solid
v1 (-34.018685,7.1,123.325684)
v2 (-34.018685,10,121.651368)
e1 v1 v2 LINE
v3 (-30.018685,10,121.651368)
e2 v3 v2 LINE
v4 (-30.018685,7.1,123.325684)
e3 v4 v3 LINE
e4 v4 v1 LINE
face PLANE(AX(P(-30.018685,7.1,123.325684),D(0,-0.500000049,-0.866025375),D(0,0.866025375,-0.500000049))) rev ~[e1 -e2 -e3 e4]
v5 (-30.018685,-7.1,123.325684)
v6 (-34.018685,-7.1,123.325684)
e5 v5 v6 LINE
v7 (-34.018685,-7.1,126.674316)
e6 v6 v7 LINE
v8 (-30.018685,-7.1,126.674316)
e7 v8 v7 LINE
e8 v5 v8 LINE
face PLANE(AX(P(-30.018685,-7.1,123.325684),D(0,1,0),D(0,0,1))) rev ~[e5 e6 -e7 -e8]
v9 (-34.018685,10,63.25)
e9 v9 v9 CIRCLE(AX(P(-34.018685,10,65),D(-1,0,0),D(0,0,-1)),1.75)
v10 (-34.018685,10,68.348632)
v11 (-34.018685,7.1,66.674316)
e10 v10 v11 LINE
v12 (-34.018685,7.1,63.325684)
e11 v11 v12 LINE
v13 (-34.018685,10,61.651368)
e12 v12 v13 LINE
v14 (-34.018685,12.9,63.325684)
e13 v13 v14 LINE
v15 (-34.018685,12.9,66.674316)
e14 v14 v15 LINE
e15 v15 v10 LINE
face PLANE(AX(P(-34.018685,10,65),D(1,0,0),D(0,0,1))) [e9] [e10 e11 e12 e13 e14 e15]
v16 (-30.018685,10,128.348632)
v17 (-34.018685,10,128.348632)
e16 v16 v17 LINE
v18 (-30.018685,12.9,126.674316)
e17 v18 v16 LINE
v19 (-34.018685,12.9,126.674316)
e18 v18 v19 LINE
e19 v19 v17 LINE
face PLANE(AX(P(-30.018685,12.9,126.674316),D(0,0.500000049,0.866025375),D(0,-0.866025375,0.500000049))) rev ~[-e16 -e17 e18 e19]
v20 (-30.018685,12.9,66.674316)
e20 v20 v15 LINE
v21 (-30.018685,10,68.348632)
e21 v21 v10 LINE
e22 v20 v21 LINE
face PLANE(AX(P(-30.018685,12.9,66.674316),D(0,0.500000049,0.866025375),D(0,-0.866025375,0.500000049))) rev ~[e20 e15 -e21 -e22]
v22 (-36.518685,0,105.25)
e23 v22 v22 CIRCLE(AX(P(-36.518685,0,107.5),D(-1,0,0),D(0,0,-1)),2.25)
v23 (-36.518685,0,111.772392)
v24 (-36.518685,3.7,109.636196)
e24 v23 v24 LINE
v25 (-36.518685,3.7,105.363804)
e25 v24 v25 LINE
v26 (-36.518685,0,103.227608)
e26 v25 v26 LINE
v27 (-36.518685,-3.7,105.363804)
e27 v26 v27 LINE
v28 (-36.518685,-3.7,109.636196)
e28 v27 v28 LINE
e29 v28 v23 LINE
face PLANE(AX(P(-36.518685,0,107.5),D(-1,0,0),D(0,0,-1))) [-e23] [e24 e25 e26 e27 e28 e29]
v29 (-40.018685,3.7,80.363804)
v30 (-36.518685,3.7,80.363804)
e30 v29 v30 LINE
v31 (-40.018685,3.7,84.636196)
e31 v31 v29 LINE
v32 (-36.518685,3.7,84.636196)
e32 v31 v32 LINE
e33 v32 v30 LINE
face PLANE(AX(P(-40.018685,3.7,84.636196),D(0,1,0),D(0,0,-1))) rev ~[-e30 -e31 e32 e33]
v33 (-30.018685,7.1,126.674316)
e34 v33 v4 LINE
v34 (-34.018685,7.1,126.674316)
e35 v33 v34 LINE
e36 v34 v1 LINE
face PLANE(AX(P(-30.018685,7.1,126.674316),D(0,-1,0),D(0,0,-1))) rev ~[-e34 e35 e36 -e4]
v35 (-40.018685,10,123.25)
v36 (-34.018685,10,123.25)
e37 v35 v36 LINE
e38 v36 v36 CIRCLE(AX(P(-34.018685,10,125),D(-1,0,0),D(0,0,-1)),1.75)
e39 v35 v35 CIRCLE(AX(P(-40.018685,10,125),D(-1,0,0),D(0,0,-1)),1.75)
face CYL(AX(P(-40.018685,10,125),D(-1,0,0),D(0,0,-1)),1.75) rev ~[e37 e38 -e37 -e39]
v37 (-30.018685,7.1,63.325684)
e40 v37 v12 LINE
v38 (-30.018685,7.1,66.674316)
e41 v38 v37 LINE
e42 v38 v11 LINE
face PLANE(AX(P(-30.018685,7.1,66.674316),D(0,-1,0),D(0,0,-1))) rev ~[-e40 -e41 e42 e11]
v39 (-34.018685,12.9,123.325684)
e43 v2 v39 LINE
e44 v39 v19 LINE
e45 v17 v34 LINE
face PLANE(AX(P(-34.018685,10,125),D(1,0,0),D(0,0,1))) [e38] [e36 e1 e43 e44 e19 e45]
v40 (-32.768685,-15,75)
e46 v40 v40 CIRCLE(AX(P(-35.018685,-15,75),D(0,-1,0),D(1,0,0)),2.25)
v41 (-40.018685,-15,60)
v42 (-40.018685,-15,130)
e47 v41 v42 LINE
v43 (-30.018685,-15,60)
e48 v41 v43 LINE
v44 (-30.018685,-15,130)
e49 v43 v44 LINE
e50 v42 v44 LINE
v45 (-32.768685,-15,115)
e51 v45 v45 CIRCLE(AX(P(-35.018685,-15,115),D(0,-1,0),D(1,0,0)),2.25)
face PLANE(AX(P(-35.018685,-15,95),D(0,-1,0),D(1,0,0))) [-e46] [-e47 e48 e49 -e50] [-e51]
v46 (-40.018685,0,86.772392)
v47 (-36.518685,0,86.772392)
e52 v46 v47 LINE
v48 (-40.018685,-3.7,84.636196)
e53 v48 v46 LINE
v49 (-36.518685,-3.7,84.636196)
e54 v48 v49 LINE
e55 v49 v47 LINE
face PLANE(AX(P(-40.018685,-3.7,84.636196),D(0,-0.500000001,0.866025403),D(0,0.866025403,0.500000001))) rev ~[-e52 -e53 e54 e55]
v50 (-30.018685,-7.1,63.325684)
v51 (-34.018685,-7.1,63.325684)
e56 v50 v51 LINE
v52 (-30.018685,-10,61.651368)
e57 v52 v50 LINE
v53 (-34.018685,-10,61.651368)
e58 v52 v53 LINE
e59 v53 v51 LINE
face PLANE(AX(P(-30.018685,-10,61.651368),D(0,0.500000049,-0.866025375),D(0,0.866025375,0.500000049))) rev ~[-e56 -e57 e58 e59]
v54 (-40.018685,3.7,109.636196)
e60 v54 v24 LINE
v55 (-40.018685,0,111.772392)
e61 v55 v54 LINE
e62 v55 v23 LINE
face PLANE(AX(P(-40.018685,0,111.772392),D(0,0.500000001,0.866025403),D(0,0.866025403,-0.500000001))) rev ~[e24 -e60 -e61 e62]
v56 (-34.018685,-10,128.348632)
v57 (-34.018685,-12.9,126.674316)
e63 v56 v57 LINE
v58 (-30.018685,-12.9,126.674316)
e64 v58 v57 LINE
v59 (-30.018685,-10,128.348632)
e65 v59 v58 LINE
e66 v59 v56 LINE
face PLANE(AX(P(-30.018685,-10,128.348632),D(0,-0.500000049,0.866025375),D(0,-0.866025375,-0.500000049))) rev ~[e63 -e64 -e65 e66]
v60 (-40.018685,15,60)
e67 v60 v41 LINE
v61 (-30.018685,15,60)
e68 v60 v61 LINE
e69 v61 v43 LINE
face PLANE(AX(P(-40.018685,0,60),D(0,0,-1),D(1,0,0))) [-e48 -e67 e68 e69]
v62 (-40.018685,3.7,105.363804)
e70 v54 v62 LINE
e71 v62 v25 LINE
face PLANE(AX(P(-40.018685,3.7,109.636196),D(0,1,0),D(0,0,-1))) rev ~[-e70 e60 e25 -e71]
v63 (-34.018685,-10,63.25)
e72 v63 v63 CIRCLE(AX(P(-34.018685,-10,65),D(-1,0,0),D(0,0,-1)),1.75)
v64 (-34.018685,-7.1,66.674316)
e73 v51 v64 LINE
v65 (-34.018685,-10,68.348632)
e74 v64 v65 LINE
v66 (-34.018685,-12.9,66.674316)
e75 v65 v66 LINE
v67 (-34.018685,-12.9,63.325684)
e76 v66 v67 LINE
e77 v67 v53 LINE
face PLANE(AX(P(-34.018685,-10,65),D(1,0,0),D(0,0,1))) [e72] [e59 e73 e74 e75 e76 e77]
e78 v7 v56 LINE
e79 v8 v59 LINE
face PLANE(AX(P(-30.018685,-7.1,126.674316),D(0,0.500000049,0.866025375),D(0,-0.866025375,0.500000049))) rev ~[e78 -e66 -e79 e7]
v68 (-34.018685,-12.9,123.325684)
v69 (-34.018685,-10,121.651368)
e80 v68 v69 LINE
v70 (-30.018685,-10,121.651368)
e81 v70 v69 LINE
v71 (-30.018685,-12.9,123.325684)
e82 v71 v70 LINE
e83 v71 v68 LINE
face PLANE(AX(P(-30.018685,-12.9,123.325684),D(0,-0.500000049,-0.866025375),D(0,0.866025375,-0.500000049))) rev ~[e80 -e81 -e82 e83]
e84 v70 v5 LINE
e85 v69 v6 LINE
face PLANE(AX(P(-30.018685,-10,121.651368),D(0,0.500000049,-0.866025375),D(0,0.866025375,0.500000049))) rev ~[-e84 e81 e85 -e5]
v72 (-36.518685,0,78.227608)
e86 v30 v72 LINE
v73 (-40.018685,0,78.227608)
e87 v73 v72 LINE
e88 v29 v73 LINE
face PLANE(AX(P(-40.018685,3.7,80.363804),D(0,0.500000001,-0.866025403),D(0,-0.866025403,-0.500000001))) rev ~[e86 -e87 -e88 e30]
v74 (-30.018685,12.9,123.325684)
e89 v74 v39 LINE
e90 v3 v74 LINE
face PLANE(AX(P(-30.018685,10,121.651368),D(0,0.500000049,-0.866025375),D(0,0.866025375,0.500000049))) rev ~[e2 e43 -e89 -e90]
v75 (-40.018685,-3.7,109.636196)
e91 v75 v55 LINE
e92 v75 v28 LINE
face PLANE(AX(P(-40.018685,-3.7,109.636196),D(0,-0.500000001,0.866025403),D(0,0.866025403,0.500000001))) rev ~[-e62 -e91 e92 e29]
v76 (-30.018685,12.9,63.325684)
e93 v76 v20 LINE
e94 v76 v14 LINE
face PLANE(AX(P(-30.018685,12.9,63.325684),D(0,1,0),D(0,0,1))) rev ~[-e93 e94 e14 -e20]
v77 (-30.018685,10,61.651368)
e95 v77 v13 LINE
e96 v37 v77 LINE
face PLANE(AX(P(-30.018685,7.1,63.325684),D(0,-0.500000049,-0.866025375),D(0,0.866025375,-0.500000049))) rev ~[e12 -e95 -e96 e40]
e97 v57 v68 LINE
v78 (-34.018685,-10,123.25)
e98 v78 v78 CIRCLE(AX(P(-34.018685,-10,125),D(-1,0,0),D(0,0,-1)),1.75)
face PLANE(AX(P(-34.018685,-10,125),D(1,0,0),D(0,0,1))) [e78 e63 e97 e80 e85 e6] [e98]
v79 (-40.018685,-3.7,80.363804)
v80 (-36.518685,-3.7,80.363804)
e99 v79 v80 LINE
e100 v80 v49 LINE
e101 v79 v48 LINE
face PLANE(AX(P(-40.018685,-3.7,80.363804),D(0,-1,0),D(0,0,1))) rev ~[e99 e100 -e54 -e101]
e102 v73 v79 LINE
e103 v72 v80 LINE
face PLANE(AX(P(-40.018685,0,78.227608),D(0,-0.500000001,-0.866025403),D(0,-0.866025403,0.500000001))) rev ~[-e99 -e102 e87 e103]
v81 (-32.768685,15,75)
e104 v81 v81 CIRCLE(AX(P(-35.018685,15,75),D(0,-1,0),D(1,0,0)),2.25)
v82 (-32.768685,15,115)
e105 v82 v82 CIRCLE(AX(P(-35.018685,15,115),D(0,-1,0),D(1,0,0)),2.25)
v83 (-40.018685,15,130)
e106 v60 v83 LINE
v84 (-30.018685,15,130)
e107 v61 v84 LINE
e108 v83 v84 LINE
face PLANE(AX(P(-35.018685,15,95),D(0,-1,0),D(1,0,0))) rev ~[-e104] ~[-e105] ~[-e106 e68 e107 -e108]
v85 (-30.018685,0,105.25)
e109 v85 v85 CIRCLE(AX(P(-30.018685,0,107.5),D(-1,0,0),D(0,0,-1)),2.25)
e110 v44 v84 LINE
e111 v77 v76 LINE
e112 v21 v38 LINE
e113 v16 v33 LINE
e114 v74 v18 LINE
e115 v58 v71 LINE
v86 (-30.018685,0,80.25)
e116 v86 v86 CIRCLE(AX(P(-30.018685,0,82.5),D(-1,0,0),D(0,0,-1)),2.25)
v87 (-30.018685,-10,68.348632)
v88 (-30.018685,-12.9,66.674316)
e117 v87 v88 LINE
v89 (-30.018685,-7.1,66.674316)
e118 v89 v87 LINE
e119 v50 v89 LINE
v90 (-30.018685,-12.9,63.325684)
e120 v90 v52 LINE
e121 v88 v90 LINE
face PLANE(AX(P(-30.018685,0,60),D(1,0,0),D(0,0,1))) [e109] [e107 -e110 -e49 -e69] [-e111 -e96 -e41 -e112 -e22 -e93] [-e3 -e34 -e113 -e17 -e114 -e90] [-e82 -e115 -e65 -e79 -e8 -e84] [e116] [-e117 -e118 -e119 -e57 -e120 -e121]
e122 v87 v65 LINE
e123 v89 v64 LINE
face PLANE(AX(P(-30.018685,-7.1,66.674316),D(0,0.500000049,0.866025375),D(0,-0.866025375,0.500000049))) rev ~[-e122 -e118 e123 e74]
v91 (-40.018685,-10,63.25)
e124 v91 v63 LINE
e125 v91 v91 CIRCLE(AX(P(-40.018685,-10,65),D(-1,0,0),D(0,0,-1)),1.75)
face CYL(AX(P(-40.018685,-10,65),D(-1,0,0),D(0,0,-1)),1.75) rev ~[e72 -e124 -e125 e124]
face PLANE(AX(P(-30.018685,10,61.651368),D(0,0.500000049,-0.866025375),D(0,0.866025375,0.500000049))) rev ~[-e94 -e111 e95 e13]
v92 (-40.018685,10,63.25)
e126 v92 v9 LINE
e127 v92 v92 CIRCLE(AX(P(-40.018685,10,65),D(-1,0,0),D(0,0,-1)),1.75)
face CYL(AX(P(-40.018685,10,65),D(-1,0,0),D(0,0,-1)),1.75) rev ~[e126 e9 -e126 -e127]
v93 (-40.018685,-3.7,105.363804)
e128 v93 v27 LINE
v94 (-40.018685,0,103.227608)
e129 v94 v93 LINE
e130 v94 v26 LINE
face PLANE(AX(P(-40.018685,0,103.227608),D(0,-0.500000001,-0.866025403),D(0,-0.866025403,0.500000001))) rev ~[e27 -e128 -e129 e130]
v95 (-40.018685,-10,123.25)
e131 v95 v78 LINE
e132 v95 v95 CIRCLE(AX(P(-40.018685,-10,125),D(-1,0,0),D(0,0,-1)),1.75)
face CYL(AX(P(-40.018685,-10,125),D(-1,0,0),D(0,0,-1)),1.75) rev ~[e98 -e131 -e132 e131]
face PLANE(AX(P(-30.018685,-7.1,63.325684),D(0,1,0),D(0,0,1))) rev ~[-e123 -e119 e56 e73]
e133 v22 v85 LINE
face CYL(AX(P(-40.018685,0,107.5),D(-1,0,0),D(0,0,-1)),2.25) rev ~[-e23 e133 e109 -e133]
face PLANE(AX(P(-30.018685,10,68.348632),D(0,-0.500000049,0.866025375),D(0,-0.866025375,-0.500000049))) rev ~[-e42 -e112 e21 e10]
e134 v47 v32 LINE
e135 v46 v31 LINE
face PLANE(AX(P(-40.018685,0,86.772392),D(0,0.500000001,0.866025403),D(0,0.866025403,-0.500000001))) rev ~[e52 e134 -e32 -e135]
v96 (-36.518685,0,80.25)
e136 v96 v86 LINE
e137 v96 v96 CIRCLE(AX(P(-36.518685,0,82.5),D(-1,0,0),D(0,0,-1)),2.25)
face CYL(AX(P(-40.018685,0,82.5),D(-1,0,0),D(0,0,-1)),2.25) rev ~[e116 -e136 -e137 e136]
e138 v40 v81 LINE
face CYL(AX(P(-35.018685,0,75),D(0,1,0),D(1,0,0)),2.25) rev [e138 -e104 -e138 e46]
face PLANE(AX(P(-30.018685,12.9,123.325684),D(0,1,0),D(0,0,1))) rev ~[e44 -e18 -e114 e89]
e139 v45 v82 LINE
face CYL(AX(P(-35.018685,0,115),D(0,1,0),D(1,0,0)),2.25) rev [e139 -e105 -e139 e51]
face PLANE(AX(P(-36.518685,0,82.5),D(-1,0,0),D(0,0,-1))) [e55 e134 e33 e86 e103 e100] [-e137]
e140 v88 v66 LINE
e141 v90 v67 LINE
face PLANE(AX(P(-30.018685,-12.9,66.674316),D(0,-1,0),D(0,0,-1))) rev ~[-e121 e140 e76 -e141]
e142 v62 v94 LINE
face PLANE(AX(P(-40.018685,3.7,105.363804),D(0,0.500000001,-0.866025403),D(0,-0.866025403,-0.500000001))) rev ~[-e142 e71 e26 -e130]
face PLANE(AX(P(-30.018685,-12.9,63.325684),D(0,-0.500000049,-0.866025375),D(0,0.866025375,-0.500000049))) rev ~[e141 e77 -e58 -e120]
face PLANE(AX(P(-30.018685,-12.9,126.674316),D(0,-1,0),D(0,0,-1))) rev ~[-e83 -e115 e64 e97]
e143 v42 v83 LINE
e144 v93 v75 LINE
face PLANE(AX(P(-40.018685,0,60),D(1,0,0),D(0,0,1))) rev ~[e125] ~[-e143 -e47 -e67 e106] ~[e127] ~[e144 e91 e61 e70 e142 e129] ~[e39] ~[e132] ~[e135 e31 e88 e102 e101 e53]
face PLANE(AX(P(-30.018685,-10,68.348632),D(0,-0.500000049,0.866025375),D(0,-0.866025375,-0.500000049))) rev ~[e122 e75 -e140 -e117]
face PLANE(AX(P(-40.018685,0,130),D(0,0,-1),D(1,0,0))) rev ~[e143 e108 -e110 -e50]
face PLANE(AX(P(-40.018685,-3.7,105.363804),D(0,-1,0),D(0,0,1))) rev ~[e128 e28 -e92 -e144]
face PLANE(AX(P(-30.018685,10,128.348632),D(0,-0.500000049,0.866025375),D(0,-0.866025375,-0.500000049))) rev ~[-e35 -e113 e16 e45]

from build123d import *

# Parameters (mm, degrees)
SKETCH086_W     = 10
SKETCH086_H     = 70
SKETCH086_R     = 2.25
PAD058_DEPTH    = 15
SKETCH087_R     = 2.25
SKETCH087_R_2   = 1.75
POCKET021_DEPTH = 25
POCKET065_DEPTH = 3.5
POCKET066_DEPTH = 4


with BuildPart() as part:
    # Sketch086 → Pad058 (new body, symmetric)
    with BuildSketch(Plane.XZ):
        with Locations((-0.018685, 5)):
            Rectangle(SKETCH086_W, SKETCH086_H)
        with Locations((-0.018685, 25)):
            Circle(SKETCH086_R, mode=Mode.SUBTRACT)
        with Locations((-0.018685, -15)):
            Circle(SKETCH086_R, mode=Mode.SUBTRACT)
    extrude(amount=PAD058_DEPTH, both=True)

    # Sketch087 (on Face4 of Pad058) → Pocket021 (cut)
    with BuildSketch(Plane(origin=(-5.018685, 0, 0), x_dir=(0, 0, -1), z_dir=(-1, 0, 0))):
        with Locations((-17.5, 0)):
            Circle(SKETCH087_R)
        with Locations((7.5, 0)):
            Circle(SKETCH087_R)
        with Locations((-35, 10)):
            Circle(SKETCH087_R_2)
        with Locations((-35, -10)):
            Circle(SKETCH087_R_2)
        with Locations((25, 10)):
            Circle(SKETCH087_R_2)
        with Locations((25, -10)):
            Circle(SKETCH087_R_2)
    extrude(amount=-POCKET021_DEPTH, mode=Mode.SUBTRACT)

    # Sketch261 (on Face2 of Pocket021) → Pocket065 (cut)
    with BuildSketch(Plane(origin=(-5.018685, 0, 0), x_dir=(0, 0, -1), z_dir=(-1, 0, 0))):
        Polygon((-15.363804, 3.7), (-19.636196, 3.7), (-21.772392, 0), (-19.636196, -3.7), (-15.363804, -3.7), (-13.227608, 0), align=None)
        Polygon((9.636196, 3.7), (5.363804, 3.7), (3.227608, 0), (5.363804, -3.7), (9.636196, -3.7), (11.772392, 0), align=None)
    extrude(amount=-POCKET065_DEPTH, mode=Mode.SUBTRACT)

    # Sketch262 (on Face3 of Pocket065) → Pocket066 (cut)
    with BuildSketch(Plane(origin=(4.981315, 0, 0), x_dir=(0, 0, 1), z_dir=(1, 0, 0))):
        Polygon((36.674316, 12.9), (33.325684, 12.9), (31.651368, 10), (33.325684, 7.1), (36.674316, 7.1), (38.348632, 10), align=None)
        Polygon((36.674316, -7.1), (33.325684, -7.1), (31.651368, -10), (33.325684, -12.9), (36.674316, -12.9), (38.348632, -10), align=None)
        Polygon((-23.325684, -7.1), (-26.674316, -7.1), (-28.348632, -10), (-26.674316, -12.9), (-23.325684, -12.9), (-21.651368, -10), align=None)
        Polygon((-21.651368, 10), (-23.325684, 12.9), (-26.674316, 12.9), (-28.348632, 10), (-26.674316, 7.1), (-23.325684, 7.1), align=None)
    extrude(amount=-POCKET066_DEPTH, mode=Mode.SUBTRACT)


with BuildPart() as part_1:
    # Body043 placement: moved
    add(part.part.moved(Location((-35, 0, 90))))


solid = part_1.part
